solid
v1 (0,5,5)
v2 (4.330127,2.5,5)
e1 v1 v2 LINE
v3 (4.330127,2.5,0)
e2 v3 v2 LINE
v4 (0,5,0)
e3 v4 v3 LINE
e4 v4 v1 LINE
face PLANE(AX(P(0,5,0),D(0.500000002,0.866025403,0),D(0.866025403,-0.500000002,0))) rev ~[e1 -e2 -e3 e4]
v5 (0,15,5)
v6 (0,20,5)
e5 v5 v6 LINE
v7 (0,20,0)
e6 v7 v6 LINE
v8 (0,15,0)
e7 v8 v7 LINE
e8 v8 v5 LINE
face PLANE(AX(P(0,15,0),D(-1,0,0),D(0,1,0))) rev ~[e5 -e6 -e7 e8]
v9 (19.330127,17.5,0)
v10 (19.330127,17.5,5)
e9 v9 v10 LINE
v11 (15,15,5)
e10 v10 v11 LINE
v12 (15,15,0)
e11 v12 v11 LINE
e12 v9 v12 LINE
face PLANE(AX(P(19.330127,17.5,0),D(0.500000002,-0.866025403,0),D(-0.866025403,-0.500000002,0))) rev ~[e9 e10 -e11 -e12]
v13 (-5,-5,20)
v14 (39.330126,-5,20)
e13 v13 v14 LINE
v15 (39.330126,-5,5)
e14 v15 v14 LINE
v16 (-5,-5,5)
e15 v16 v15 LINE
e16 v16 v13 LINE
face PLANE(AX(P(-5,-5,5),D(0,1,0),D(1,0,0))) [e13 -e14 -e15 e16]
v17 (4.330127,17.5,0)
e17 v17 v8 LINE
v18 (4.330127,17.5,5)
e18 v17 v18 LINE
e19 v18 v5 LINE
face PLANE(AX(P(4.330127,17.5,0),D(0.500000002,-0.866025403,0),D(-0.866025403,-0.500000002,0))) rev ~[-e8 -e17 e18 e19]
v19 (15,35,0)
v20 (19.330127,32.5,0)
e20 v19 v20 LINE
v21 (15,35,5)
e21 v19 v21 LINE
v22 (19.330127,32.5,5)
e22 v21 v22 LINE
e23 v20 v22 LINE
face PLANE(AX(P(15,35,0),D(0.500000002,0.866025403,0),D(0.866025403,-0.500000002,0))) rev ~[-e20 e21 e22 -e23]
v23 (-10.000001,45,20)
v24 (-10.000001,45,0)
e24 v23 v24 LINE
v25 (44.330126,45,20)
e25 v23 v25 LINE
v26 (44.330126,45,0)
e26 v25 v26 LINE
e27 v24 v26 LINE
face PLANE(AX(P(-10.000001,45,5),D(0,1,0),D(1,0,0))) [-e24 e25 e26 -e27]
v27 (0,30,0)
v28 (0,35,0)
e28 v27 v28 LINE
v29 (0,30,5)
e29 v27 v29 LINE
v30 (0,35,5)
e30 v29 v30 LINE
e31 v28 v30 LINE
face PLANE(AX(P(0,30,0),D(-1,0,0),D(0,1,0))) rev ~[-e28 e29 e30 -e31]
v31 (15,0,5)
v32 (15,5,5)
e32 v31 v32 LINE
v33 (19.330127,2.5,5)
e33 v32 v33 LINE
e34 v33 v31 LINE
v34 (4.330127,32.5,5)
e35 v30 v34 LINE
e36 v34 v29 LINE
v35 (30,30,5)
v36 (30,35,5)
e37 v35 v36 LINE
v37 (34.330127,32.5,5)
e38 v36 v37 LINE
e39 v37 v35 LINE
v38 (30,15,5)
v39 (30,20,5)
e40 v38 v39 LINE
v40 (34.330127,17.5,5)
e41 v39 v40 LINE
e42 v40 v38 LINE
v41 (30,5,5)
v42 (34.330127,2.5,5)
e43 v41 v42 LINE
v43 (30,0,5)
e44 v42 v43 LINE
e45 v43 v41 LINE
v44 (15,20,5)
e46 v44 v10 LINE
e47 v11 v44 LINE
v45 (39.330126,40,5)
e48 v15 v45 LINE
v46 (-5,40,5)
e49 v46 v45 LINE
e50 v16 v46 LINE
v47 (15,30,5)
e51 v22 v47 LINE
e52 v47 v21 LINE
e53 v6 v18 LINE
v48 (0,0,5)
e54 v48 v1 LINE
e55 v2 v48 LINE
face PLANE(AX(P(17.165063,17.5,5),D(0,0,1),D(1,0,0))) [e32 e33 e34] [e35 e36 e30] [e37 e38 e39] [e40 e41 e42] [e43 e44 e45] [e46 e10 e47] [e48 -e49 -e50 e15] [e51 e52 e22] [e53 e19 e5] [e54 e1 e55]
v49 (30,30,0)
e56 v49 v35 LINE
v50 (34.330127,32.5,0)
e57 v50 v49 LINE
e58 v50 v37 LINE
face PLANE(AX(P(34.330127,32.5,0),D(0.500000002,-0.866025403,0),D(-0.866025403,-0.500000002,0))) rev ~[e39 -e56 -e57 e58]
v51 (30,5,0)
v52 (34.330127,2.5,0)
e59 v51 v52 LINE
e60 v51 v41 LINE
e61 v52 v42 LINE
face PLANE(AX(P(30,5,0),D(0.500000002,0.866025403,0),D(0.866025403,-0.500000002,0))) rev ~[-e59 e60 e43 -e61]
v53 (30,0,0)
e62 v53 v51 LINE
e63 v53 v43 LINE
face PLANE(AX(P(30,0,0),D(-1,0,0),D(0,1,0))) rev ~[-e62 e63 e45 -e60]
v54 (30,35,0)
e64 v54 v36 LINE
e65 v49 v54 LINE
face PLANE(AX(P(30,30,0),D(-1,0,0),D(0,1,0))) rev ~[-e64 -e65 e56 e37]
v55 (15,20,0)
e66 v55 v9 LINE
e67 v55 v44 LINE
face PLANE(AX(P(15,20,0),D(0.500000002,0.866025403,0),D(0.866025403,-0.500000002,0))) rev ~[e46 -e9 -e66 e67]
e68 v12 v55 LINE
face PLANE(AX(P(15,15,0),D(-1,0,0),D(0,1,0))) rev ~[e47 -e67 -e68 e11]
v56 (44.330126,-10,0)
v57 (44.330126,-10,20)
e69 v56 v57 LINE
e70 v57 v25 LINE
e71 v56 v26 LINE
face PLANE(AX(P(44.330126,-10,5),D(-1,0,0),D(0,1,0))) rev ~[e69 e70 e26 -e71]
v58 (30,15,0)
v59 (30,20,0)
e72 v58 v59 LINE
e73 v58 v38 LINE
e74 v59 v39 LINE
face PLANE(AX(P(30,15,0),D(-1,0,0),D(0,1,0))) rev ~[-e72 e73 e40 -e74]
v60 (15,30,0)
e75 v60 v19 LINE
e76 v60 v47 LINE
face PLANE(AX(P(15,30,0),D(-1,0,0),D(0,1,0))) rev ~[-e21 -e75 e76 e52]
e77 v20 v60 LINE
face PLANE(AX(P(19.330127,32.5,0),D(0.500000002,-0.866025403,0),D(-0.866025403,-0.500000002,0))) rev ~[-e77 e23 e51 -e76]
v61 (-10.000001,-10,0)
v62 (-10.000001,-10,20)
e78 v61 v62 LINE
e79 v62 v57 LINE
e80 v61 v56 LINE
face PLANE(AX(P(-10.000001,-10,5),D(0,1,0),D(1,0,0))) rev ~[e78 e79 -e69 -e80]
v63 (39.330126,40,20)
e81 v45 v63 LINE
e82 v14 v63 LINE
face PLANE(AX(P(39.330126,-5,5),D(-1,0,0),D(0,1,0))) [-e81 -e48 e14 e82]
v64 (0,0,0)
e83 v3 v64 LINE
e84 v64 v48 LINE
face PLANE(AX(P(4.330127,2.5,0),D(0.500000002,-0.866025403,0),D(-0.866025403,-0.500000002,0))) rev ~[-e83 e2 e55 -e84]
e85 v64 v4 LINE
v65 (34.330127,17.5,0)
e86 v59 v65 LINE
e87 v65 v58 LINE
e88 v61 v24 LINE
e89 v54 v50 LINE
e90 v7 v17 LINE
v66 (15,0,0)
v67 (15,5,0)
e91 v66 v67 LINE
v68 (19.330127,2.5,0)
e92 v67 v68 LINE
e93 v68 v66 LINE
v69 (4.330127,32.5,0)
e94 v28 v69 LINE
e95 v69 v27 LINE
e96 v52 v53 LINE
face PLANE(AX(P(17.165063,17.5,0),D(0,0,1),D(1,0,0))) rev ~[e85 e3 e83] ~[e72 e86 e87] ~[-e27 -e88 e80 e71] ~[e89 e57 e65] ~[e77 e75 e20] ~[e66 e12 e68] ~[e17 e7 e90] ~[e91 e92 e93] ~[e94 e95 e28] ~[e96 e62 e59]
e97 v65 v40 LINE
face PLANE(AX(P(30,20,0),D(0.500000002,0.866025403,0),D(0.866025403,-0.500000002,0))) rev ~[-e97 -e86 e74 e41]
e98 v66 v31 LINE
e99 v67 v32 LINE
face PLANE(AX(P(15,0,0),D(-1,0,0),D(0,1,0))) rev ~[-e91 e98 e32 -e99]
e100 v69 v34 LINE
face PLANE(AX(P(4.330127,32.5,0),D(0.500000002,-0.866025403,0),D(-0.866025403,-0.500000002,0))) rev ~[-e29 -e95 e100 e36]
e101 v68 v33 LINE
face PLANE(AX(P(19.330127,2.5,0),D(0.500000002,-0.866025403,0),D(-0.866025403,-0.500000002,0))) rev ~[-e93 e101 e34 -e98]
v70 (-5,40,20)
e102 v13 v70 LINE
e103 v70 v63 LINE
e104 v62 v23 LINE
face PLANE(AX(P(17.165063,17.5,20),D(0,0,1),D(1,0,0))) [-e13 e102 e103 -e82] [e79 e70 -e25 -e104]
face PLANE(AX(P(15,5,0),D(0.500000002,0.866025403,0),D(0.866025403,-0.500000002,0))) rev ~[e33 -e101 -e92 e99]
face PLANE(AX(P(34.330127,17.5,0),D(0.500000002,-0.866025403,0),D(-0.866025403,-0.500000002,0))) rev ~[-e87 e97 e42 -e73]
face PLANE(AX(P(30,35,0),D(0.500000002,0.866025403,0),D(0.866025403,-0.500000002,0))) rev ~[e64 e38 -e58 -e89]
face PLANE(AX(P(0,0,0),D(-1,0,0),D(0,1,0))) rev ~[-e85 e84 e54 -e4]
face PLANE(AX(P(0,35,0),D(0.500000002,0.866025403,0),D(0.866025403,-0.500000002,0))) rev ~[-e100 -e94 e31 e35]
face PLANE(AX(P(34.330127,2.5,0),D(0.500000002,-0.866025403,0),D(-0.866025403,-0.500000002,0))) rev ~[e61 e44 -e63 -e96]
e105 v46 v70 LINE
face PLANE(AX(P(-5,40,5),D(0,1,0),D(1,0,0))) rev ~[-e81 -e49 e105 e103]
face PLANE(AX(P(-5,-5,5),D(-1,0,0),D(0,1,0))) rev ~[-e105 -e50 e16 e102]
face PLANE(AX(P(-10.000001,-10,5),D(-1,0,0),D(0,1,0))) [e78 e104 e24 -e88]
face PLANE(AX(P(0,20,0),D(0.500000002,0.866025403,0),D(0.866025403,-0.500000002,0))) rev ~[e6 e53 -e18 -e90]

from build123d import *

# Parameters (mm, degrees)
F0_W     = 54.330127
F0_H     = 55
F1_DEPTH = 5
F2_W     = 54.330127
F2_H     = 55
F2_W_2   = 44.330127
F2_H_2   = 45
F4_DEPTH = 15


with BuildPart() as f1:
    # F0 (on Top) → F1 (new body)
    with BuildSketch(Plane.XY):
        with Locations((17.165063, 17.5)):
            Rectangle(F0_W, F0_H)
        Polygon((0, 0), (0, 5), (4.330127, 2.5), align=None, mode=Mode.SUBTRACT)
        Polygon((15, 5), (19.330127, 2.5), (15, 0), align=None, mode=Mode.SUBTRACT)
        Polygon((30, 5), (34.330127, 2.5), (30, 0), align=None, mode=Mode.SUBTRACT)
        Polygon((0, 20), (4.330127, 17.5), (0, 15), align=None, mode=Mode.SUBTRACT)
        Polygon((0, 35), (4.330127, 32.5), (0, 30), align=None, mode=Mode.SUBTRACT)
        Polygon((15, 20), (19.330127, 17.5), (15, 15), align=None, mode=Mode.SUBTRACT)
        Polygon((30, 20), (34.330127, 17.5), (30, 15), align=None, mode=Mode.SUBTRACT)
        Polygon((15, 35), (19.330127, 32.5), (15, 30), align=None, mode=Mode.SUBTRACT)
        Polygon((30, 35), (34.330127, 32.5), (30, 30), align=None, mode=Mode.SUBTRACT)
    extrude(amount=F1_DEPTH)

    # F2 (on face) → F4 (join)
    with BuildSketch(Plane.XY.offset(5)):
        with Locations((17.165063, 17.5)):
            Rectangle(F2_W, F2_H)
        with Locations((17.165063, 17.5)):
            Rectangle(F2_W_2, F2_H_2, mode=Mode.SUBTRACT)
    extrude(amount=F4_DEPTH)


solid = f1.part
